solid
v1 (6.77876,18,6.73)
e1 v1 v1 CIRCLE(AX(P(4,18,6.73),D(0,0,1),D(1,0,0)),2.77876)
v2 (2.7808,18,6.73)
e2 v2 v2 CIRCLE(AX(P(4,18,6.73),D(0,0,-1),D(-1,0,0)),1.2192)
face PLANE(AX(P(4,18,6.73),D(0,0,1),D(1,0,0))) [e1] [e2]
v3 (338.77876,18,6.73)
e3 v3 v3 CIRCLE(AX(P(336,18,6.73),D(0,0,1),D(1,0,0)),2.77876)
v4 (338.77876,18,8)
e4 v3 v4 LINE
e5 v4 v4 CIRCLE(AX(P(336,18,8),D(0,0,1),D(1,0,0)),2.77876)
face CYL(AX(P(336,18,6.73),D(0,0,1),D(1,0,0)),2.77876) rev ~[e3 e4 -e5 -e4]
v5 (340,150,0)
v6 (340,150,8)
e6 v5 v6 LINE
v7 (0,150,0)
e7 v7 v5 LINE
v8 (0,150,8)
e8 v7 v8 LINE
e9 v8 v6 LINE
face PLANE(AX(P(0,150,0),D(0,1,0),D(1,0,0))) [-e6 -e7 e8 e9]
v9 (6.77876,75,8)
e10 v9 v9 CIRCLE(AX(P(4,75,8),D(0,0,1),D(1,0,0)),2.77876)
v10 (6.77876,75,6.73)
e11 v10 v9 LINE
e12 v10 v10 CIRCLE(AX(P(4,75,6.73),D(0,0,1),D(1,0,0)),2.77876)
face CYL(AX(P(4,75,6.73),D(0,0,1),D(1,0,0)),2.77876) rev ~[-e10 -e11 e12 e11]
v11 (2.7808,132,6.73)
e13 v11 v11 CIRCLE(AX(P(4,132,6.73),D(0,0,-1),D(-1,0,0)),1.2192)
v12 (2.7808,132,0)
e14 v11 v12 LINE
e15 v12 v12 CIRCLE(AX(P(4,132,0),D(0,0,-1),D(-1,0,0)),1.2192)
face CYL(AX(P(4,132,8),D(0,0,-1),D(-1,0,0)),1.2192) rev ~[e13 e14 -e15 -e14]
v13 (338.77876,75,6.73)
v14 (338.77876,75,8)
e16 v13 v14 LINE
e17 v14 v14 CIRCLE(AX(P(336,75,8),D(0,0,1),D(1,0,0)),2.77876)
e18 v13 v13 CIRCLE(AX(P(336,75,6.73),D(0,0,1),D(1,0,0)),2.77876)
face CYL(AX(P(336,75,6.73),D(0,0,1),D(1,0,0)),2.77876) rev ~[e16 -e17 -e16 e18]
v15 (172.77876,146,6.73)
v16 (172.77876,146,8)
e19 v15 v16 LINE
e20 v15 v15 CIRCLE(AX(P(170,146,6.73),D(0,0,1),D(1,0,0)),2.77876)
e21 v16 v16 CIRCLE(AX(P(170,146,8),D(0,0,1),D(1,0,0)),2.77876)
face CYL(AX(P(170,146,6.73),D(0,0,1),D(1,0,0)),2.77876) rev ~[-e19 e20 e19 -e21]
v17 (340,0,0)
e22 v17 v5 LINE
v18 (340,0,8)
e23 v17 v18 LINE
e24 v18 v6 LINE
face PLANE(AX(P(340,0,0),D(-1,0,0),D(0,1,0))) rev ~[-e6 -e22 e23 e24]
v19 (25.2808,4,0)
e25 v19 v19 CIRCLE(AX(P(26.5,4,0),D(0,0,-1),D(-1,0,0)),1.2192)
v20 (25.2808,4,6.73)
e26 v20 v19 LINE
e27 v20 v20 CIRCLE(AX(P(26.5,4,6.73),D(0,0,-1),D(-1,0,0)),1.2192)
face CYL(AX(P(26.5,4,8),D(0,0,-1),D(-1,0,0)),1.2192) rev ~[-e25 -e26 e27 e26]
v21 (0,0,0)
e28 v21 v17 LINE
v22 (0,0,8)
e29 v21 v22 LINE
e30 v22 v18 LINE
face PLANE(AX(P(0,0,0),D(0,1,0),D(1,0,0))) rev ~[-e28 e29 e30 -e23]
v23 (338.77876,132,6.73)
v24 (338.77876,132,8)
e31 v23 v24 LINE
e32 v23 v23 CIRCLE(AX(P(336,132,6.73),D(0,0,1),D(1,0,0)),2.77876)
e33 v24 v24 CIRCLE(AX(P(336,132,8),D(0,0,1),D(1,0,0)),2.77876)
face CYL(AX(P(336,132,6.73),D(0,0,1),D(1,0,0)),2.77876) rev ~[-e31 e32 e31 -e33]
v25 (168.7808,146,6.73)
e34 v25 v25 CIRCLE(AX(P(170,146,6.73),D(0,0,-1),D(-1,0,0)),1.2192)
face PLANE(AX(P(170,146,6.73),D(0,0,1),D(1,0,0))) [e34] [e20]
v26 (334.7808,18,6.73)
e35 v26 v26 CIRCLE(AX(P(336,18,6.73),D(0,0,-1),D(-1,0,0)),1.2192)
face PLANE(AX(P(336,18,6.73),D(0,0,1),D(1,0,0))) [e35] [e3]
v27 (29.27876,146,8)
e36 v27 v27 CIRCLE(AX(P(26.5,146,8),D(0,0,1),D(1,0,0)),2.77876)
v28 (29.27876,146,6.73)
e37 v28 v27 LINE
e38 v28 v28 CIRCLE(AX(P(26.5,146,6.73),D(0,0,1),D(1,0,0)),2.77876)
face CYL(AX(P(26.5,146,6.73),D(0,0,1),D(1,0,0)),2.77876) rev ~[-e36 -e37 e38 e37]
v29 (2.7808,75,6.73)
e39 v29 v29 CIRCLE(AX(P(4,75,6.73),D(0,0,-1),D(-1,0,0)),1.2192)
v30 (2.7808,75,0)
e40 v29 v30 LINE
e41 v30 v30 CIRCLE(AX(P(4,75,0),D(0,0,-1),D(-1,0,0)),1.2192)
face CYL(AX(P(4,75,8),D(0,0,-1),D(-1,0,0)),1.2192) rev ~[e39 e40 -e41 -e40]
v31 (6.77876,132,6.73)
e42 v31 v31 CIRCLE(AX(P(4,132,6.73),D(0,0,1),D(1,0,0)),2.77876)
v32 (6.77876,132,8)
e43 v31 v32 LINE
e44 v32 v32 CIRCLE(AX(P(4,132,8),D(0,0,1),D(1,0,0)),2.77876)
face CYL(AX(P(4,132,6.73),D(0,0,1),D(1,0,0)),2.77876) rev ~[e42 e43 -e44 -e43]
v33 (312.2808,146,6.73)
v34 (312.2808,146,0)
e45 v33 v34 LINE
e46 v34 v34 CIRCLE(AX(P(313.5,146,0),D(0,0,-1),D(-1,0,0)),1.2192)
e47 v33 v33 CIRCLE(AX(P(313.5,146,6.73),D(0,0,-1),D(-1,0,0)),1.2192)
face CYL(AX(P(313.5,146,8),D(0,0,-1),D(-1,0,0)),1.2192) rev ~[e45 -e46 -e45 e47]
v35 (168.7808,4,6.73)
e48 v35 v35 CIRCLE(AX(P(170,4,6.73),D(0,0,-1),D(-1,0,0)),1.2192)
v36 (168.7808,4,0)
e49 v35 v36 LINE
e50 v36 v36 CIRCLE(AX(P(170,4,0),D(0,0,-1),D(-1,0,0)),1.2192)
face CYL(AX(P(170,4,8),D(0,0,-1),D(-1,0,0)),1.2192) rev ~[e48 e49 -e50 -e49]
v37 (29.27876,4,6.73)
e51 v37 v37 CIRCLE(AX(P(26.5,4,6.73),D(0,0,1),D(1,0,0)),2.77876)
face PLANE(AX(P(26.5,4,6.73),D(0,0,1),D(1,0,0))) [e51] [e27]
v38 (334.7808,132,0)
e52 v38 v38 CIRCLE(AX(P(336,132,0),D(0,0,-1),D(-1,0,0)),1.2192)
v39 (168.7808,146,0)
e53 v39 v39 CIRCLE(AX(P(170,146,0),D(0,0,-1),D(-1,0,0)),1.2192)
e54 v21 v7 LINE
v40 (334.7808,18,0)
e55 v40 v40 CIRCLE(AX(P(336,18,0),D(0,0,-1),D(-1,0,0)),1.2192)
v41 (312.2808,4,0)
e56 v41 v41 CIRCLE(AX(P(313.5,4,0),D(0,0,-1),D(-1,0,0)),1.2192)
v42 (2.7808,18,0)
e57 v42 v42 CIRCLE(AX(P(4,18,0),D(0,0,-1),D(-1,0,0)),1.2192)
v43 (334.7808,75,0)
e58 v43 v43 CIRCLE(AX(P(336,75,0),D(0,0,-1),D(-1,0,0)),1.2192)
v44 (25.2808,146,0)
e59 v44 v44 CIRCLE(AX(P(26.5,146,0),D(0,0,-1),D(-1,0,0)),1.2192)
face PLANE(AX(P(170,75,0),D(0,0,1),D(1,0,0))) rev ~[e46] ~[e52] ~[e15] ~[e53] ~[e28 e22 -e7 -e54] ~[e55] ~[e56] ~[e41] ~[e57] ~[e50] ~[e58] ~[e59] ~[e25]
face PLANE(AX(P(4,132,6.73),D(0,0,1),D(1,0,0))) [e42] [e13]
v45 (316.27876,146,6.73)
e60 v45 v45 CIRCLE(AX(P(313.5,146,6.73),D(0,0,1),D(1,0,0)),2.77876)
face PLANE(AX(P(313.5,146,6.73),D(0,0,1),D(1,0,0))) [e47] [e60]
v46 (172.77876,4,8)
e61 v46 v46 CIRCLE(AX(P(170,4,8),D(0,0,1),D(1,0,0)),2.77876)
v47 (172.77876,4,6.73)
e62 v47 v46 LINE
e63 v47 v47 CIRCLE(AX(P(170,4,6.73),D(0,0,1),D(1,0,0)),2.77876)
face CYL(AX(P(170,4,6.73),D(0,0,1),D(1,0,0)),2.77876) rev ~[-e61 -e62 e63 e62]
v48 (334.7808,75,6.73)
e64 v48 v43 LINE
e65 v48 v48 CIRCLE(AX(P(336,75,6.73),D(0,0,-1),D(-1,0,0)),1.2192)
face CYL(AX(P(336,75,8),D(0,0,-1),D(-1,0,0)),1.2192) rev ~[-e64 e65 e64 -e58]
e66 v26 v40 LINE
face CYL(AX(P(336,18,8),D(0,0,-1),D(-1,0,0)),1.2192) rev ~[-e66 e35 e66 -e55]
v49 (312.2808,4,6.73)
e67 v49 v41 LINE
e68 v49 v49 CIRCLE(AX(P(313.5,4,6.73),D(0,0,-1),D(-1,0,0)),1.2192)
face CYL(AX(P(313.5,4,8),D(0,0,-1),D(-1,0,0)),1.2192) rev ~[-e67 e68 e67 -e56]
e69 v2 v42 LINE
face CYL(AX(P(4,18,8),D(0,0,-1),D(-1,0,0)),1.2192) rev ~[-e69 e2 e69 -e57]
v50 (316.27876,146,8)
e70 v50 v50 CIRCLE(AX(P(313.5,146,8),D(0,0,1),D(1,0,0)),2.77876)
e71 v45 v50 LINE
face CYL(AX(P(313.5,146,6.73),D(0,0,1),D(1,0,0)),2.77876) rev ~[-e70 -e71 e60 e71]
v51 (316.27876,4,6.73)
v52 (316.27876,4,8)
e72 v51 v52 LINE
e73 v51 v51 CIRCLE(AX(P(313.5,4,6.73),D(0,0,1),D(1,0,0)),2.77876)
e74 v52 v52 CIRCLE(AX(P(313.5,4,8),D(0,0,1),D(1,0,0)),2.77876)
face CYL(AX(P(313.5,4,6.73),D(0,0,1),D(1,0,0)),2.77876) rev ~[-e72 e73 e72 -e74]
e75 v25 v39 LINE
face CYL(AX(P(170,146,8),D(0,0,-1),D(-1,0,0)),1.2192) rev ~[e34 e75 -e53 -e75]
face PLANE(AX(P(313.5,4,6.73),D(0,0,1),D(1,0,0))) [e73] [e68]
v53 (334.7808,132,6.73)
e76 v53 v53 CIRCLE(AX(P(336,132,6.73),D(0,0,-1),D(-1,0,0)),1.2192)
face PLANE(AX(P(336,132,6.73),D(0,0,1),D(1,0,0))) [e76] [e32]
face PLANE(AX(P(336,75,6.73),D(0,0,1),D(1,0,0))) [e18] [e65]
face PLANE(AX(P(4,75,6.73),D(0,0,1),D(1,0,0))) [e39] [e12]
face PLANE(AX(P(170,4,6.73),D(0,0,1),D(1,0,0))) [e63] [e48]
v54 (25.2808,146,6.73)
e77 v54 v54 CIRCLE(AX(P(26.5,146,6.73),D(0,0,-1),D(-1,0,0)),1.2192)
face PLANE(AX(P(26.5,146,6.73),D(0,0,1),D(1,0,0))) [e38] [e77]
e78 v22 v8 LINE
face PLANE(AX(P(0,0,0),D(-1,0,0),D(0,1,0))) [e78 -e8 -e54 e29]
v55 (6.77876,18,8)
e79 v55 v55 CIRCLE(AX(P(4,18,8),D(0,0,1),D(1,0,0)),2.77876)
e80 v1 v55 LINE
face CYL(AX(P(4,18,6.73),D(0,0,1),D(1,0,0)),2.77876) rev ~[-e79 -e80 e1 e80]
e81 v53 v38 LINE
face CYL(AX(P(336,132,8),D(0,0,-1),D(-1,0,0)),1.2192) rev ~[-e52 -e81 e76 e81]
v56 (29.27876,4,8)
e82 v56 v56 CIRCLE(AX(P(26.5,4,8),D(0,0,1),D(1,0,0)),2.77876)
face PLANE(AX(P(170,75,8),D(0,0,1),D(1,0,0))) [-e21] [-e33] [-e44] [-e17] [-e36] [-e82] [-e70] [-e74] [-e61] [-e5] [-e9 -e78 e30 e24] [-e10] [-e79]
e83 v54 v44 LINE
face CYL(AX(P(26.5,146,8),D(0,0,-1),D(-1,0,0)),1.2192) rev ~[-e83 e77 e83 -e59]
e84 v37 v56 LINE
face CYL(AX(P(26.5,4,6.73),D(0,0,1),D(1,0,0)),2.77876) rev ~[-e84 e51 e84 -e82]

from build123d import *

# Parameters (mm, degrees)
SKETCH1_W                                           = 340
SKETCH1_H                                           = 150
BOSS_EXTRUDE1_DEPTH                                 = 8
CBORE_FOR_2_BINDING_HEAD_MACHINE_SCREW1_D           = 2.4384
CBORE_FOR_2_BINDING_HEAD_MACHINE_SCREW1_DEPTH       = 20
CBORE_FOR_2_BINDING_HEAD_MACHINE_SCREW1_CBORE_D     = 5.55752
CBORE_FOR_2_BINDING_HEAD_MACHINE_SCREW1_CBORE_DEPTH = 1.27
CBORE_FOR_2_BINDING_HEAD_MACHINE_SCREW1_TIP         = 0.732569267


with BuildPart() as part:
    # Sketch1 → Boss-Extrude1 (new body)
    with BuildSketch(Plane.XY):
        with Locations((170, 75)):
            Rectangle(SKETCH1_W, SKETCH1_H)
    extrude(amount=BOSS_EXTRUDE1_DEPTH)

    # CBORE for #2 Binding Head Machine Screw1
    with Locations(Plane.XY.offset(8)):
        with Locations((4, 132), (4, 75), (4, 18), (26.5, 4), (170, 4), (313.5, 4), (336, 18), (336, 75), (336, 132), (313.5, 146), (170, 146), (26.5, 146)):
            CounterBoreHole(CBORE_FOR_2_BINDING_HEAD_MACHINE_SCREW1_D / 2, CBORE_FOR_2_BINDING_HEAD_MACHINE_SCREW1_CBORE_D / 2, CBORE_FOR_2_BINDING_HEAD_MACHINE_SCREW1_CBORE_DEPTH, depth=CBORE_FOR_2_BINDING_HEAD_MACHINE_SCREW1_DEPTH)
            with Locations((0, 0, -(CBORE_FOR_2_BINDING_HEAD_MACHINE_SCREW1_DEPTH + CBORE_FOR_2_BINDING_HEAD_MACHINE_SCREW1_TIP / 2))):  # 118° drill point
                Cone(0, CBORE_FOR_2_BINDING_HEAD_MACHINE_SCREW1_D / 2, CBORE_FOR_2_BINDING_HEAD_MACHINE_SCREW1_TIP, mode=Mode.SUBTRACT)


solid = part.part
